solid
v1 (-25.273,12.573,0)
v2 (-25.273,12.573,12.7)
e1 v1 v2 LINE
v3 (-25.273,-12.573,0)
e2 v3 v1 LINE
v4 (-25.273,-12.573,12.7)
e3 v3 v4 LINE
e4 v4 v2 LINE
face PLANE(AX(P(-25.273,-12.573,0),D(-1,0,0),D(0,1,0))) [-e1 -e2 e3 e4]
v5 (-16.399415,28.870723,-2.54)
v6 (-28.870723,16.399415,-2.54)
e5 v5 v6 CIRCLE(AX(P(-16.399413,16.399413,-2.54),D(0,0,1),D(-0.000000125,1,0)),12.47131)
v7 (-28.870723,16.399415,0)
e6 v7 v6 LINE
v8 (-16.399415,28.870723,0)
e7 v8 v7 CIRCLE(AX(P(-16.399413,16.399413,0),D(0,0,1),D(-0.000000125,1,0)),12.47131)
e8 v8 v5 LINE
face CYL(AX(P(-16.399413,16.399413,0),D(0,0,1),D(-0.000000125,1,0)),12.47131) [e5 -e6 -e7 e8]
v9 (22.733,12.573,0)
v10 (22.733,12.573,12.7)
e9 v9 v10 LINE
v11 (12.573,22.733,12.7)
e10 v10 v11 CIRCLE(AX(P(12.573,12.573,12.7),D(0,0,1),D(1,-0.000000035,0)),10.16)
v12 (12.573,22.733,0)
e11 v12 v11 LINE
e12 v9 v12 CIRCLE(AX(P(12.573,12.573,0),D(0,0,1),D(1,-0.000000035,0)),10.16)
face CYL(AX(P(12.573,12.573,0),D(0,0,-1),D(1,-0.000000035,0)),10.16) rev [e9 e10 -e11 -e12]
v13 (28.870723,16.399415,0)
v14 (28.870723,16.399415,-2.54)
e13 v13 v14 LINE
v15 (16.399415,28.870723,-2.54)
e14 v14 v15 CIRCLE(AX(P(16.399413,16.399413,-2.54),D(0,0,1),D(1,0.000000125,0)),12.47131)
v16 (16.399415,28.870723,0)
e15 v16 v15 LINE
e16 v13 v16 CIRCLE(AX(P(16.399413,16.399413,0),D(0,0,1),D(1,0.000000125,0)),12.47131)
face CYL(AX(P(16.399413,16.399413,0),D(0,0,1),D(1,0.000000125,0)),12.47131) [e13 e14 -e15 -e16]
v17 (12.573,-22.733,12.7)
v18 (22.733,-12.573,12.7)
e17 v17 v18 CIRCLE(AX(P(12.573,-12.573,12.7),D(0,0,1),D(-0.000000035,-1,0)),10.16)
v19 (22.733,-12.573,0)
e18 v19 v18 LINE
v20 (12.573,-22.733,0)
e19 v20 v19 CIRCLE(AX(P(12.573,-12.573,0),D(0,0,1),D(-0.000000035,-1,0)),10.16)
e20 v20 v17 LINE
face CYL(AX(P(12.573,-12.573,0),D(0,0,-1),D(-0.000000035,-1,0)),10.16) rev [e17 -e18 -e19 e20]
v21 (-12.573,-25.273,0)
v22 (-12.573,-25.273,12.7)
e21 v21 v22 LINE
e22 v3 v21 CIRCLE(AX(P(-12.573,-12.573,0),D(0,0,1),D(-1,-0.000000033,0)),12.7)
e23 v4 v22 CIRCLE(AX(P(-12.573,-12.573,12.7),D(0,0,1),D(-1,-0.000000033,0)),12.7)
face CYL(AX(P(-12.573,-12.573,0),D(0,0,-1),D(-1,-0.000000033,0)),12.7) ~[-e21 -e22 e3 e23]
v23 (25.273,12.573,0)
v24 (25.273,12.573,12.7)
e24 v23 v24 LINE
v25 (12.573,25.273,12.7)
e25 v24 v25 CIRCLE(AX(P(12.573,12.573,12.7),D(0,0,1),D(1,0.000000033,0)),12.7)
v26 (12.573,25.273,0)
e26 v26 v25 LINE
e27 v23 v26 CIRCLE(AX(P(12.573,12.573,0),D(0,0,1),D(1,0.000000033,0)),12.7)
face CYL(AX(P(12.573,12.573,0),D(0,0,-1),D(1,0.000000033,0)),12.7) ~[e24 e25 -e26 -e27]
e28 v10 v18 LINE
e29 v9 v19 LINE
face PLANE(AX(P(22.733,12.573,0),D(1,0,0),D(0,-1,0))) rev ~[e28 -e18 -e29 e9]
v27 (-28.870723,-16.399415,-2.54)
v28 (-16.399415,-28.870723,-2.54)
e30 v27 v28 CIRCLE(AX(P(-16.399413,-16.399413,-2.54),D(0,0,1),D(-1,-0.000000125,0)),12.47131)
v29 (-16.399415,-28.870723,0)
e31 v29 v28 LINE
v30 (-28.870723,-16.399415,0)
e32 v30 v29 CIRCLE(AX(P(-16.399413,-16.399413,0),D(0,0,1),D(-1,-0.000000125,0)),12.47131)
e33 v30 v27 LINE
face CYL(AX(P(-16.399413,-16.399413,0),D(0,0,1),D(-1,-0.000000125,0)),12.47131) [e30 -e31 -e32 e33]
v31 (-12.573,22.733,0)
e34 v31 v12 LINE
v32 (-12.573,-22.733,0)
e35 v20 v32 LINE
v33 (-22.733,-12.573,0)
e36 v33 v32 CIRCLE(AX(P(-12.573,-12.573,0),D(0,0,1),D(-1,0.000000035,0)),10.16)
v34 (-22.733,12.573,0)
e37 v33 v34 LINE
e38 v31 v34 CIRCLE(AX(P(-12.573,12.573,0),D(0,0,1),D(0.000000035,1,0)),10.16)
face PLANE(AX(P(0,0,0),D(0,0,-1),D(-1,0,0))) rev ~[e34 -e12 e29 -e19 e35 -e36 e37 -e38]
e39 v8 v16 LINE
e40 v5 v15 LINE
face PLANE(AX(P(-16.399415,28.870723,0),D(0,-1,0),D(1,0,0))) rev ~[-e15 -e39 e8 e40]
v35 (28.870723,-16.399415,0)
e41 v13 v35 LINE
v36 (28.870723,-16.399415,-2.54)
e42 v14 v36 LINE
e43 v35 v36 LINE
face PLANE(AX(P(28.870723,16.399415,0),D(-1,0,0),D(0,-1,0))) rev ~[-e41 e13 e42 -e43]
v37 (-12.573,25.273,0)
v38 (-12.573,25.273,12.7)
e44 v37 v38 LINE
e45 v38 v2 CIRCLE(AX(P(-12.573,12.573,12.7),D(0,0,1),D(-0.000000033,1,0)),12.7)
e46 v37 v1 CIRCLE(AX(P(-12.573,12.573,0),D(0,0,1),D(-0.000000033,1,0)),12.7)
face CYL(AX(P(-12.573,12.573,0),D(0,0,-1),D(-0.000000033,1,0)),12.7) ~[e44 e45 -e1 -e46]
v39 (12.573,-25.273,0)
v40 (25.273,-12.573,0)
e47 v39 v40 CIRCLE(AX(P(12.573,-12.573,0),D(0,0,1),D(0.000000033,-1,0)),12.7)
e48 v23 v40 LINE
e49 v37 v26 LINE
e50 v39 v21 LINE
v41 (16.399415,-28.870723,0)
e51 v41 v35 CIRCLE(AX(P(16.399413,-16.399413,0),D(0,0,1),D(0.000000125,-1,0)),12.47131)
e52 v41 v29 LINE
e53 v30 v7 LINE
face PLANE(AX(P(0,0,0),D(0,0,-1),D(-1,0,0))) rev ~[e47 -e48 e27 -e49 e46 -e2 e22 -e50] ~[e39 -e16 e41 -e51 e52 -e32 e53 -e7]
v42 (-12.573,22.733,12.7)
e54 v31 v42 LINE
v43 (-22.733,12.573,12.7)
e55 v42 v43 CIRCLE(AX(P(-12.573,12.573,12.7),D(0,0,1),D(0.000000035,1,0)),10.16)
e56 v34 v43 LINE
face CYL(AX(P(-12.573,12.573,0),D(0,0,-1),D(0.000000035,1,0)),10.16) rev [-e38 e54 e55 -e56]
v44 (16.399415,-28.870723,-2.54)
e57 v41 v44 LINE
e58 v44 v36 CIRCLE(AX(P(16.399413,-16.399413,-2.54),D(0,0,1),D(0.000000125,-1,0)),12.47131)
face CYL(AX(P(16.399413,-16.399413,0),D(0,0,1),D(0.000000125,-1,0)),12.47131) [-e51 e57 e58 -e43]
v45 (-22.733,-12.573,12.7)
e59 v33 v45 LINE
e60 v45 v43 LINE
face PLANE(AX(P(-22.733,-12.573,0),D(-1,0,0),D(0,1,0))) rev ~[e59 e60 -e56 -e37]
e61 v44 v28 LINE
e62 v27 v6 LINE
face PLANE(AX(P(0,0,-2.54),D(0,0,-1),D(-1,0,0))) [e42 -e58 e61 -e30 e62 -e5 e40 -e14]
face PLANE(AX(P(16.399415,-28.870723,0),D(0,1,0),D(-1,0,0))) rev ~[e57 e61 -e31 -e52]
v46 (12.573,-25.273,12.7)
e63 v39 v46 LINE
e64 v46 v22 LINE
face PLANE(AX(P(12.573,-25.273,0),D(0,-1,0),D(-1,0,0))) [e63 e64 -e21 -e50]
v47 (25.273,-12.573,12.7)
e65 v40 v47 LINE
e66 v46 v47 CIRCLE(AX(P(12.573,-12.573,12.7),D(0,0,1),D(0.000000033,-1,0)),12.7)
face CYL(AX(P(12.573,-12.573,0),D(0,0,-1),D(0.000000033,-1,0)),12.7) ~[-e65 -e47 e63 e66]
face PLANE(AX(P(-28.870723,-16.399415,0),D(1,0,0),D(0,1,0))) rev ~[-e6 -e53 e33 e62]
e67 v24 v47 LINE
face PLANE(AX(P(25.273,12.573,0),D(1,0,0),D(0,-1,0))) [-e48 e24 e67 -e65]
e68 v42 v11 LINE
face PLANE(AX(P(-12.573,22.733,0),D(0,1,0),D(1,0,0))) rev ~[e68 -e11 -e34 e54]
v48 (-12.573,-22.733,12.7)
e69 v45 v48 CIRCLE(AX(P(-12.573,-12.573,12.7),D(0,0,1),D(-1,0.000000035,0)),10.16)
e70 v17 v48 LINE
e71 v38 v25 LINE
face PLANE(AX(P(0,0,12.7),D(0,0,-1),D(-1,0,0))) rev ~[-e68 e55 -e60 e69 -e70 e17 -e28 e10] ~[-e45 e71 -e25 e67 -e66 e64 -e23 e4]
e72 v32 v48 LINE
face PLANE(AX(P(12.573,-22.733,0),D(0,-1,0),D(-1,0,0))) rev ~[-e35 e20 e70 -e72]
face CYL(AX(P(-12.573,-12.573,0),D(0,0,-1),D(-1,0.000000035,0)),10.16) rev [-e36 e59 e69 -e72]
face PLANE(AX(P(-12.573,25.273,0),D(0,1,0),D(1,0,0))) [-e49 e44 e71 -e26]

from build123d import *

# Parameters (mm, degrees)
PAD_DEPTH    = 12.7
PAD001_DEPTH = 2.54


with BuildPart() as part:
    # Sketch → Pad (new body)
    with BuildSketch(Plane.XY):
        with BuildLine():
            Line((-25.273, -12.573), (-25.273, 12.573))
            ThreePointArc((-12.573, 25.273), (-21.553256, 21.553256), (-25.273, 12.573))
            Line((-12.573, 25.273), (12.573, 25.273))
            ThreePointArc((25.273, 12.573), (21.553256, 21.553256), (12.573, 25.273))
            Line((25.273, 12.573), (25.273, -12.573))
            ThreePointArc((12.573, -25.273), (21.553256, -21.553256), (25.273, -12.573))
            Line((12.573, -25.273), (-12.573, -25.273))
            ThreePointArc((-25.273, -12.573), (-21.553256, -21.553256), (-12.573, -25.273))
        make_face()
        with BuildLine():
            Line((-22.733, -12.573), (-22.733, 12.573))
            ThreePointArc((-12.573, 22.733), (-19.757205, 19.757205), (-22.733, 12.573))
            Line((-12.573, 22.733), (12.573, 22.733))
            ThreePointArc((22.733, 12.573), (19.757205, 19.757205), (12.573, 22.733))
            Line((22.733, 12.573), (22.733, -12.573))
            ThreePointArc((12.573, -22.733), (19.757205, -19.757205), (22.733, -12.573))
            Line((12.573, -22.733), (-12.573, -22.733))
            ThreePointArc((-22.733, -12.573), (-19.757205, -19.757205), (-12.573, -22.733))
        make_face(mode=Mode.SUBTRACT)
    extrude(amount=PAD_DEPTH)

    # Sketch001 → Pad001 (join)
    with BuildSketch(Plane.XY):
        with BuildLine():
            Line((-28.870723, -16.399415), (-28.870723, 16.399415))
            ThreePointArc((-16.399415, 28.870723), (-25.217961, 25.217961), (-28.870723, 16.399415))
            Line((-16.399415, 28.870723), (16.399415, 28.870723))
            ThreePointArc((28.870723, 16.399415), (25.217961, 25.217961), (16.399415, 28.870723))
            Line((28.870723, 16.399415), (28.870723, -16.399415))
            ThreePointArc((16.399415, -28.870723), (25.217961, -25.217961), (28.870723, -16.399415))
            Line((16.399415, -28.870723), (-16.399415, -28.870723))
            ThreePointArc((-28.870723, -16.399415), (-25.217961, -25.217961), (-16.399415, -28.870723))
        make_face()
    extrude(amount=-PAD001_DEPTH)


solid = part.part
